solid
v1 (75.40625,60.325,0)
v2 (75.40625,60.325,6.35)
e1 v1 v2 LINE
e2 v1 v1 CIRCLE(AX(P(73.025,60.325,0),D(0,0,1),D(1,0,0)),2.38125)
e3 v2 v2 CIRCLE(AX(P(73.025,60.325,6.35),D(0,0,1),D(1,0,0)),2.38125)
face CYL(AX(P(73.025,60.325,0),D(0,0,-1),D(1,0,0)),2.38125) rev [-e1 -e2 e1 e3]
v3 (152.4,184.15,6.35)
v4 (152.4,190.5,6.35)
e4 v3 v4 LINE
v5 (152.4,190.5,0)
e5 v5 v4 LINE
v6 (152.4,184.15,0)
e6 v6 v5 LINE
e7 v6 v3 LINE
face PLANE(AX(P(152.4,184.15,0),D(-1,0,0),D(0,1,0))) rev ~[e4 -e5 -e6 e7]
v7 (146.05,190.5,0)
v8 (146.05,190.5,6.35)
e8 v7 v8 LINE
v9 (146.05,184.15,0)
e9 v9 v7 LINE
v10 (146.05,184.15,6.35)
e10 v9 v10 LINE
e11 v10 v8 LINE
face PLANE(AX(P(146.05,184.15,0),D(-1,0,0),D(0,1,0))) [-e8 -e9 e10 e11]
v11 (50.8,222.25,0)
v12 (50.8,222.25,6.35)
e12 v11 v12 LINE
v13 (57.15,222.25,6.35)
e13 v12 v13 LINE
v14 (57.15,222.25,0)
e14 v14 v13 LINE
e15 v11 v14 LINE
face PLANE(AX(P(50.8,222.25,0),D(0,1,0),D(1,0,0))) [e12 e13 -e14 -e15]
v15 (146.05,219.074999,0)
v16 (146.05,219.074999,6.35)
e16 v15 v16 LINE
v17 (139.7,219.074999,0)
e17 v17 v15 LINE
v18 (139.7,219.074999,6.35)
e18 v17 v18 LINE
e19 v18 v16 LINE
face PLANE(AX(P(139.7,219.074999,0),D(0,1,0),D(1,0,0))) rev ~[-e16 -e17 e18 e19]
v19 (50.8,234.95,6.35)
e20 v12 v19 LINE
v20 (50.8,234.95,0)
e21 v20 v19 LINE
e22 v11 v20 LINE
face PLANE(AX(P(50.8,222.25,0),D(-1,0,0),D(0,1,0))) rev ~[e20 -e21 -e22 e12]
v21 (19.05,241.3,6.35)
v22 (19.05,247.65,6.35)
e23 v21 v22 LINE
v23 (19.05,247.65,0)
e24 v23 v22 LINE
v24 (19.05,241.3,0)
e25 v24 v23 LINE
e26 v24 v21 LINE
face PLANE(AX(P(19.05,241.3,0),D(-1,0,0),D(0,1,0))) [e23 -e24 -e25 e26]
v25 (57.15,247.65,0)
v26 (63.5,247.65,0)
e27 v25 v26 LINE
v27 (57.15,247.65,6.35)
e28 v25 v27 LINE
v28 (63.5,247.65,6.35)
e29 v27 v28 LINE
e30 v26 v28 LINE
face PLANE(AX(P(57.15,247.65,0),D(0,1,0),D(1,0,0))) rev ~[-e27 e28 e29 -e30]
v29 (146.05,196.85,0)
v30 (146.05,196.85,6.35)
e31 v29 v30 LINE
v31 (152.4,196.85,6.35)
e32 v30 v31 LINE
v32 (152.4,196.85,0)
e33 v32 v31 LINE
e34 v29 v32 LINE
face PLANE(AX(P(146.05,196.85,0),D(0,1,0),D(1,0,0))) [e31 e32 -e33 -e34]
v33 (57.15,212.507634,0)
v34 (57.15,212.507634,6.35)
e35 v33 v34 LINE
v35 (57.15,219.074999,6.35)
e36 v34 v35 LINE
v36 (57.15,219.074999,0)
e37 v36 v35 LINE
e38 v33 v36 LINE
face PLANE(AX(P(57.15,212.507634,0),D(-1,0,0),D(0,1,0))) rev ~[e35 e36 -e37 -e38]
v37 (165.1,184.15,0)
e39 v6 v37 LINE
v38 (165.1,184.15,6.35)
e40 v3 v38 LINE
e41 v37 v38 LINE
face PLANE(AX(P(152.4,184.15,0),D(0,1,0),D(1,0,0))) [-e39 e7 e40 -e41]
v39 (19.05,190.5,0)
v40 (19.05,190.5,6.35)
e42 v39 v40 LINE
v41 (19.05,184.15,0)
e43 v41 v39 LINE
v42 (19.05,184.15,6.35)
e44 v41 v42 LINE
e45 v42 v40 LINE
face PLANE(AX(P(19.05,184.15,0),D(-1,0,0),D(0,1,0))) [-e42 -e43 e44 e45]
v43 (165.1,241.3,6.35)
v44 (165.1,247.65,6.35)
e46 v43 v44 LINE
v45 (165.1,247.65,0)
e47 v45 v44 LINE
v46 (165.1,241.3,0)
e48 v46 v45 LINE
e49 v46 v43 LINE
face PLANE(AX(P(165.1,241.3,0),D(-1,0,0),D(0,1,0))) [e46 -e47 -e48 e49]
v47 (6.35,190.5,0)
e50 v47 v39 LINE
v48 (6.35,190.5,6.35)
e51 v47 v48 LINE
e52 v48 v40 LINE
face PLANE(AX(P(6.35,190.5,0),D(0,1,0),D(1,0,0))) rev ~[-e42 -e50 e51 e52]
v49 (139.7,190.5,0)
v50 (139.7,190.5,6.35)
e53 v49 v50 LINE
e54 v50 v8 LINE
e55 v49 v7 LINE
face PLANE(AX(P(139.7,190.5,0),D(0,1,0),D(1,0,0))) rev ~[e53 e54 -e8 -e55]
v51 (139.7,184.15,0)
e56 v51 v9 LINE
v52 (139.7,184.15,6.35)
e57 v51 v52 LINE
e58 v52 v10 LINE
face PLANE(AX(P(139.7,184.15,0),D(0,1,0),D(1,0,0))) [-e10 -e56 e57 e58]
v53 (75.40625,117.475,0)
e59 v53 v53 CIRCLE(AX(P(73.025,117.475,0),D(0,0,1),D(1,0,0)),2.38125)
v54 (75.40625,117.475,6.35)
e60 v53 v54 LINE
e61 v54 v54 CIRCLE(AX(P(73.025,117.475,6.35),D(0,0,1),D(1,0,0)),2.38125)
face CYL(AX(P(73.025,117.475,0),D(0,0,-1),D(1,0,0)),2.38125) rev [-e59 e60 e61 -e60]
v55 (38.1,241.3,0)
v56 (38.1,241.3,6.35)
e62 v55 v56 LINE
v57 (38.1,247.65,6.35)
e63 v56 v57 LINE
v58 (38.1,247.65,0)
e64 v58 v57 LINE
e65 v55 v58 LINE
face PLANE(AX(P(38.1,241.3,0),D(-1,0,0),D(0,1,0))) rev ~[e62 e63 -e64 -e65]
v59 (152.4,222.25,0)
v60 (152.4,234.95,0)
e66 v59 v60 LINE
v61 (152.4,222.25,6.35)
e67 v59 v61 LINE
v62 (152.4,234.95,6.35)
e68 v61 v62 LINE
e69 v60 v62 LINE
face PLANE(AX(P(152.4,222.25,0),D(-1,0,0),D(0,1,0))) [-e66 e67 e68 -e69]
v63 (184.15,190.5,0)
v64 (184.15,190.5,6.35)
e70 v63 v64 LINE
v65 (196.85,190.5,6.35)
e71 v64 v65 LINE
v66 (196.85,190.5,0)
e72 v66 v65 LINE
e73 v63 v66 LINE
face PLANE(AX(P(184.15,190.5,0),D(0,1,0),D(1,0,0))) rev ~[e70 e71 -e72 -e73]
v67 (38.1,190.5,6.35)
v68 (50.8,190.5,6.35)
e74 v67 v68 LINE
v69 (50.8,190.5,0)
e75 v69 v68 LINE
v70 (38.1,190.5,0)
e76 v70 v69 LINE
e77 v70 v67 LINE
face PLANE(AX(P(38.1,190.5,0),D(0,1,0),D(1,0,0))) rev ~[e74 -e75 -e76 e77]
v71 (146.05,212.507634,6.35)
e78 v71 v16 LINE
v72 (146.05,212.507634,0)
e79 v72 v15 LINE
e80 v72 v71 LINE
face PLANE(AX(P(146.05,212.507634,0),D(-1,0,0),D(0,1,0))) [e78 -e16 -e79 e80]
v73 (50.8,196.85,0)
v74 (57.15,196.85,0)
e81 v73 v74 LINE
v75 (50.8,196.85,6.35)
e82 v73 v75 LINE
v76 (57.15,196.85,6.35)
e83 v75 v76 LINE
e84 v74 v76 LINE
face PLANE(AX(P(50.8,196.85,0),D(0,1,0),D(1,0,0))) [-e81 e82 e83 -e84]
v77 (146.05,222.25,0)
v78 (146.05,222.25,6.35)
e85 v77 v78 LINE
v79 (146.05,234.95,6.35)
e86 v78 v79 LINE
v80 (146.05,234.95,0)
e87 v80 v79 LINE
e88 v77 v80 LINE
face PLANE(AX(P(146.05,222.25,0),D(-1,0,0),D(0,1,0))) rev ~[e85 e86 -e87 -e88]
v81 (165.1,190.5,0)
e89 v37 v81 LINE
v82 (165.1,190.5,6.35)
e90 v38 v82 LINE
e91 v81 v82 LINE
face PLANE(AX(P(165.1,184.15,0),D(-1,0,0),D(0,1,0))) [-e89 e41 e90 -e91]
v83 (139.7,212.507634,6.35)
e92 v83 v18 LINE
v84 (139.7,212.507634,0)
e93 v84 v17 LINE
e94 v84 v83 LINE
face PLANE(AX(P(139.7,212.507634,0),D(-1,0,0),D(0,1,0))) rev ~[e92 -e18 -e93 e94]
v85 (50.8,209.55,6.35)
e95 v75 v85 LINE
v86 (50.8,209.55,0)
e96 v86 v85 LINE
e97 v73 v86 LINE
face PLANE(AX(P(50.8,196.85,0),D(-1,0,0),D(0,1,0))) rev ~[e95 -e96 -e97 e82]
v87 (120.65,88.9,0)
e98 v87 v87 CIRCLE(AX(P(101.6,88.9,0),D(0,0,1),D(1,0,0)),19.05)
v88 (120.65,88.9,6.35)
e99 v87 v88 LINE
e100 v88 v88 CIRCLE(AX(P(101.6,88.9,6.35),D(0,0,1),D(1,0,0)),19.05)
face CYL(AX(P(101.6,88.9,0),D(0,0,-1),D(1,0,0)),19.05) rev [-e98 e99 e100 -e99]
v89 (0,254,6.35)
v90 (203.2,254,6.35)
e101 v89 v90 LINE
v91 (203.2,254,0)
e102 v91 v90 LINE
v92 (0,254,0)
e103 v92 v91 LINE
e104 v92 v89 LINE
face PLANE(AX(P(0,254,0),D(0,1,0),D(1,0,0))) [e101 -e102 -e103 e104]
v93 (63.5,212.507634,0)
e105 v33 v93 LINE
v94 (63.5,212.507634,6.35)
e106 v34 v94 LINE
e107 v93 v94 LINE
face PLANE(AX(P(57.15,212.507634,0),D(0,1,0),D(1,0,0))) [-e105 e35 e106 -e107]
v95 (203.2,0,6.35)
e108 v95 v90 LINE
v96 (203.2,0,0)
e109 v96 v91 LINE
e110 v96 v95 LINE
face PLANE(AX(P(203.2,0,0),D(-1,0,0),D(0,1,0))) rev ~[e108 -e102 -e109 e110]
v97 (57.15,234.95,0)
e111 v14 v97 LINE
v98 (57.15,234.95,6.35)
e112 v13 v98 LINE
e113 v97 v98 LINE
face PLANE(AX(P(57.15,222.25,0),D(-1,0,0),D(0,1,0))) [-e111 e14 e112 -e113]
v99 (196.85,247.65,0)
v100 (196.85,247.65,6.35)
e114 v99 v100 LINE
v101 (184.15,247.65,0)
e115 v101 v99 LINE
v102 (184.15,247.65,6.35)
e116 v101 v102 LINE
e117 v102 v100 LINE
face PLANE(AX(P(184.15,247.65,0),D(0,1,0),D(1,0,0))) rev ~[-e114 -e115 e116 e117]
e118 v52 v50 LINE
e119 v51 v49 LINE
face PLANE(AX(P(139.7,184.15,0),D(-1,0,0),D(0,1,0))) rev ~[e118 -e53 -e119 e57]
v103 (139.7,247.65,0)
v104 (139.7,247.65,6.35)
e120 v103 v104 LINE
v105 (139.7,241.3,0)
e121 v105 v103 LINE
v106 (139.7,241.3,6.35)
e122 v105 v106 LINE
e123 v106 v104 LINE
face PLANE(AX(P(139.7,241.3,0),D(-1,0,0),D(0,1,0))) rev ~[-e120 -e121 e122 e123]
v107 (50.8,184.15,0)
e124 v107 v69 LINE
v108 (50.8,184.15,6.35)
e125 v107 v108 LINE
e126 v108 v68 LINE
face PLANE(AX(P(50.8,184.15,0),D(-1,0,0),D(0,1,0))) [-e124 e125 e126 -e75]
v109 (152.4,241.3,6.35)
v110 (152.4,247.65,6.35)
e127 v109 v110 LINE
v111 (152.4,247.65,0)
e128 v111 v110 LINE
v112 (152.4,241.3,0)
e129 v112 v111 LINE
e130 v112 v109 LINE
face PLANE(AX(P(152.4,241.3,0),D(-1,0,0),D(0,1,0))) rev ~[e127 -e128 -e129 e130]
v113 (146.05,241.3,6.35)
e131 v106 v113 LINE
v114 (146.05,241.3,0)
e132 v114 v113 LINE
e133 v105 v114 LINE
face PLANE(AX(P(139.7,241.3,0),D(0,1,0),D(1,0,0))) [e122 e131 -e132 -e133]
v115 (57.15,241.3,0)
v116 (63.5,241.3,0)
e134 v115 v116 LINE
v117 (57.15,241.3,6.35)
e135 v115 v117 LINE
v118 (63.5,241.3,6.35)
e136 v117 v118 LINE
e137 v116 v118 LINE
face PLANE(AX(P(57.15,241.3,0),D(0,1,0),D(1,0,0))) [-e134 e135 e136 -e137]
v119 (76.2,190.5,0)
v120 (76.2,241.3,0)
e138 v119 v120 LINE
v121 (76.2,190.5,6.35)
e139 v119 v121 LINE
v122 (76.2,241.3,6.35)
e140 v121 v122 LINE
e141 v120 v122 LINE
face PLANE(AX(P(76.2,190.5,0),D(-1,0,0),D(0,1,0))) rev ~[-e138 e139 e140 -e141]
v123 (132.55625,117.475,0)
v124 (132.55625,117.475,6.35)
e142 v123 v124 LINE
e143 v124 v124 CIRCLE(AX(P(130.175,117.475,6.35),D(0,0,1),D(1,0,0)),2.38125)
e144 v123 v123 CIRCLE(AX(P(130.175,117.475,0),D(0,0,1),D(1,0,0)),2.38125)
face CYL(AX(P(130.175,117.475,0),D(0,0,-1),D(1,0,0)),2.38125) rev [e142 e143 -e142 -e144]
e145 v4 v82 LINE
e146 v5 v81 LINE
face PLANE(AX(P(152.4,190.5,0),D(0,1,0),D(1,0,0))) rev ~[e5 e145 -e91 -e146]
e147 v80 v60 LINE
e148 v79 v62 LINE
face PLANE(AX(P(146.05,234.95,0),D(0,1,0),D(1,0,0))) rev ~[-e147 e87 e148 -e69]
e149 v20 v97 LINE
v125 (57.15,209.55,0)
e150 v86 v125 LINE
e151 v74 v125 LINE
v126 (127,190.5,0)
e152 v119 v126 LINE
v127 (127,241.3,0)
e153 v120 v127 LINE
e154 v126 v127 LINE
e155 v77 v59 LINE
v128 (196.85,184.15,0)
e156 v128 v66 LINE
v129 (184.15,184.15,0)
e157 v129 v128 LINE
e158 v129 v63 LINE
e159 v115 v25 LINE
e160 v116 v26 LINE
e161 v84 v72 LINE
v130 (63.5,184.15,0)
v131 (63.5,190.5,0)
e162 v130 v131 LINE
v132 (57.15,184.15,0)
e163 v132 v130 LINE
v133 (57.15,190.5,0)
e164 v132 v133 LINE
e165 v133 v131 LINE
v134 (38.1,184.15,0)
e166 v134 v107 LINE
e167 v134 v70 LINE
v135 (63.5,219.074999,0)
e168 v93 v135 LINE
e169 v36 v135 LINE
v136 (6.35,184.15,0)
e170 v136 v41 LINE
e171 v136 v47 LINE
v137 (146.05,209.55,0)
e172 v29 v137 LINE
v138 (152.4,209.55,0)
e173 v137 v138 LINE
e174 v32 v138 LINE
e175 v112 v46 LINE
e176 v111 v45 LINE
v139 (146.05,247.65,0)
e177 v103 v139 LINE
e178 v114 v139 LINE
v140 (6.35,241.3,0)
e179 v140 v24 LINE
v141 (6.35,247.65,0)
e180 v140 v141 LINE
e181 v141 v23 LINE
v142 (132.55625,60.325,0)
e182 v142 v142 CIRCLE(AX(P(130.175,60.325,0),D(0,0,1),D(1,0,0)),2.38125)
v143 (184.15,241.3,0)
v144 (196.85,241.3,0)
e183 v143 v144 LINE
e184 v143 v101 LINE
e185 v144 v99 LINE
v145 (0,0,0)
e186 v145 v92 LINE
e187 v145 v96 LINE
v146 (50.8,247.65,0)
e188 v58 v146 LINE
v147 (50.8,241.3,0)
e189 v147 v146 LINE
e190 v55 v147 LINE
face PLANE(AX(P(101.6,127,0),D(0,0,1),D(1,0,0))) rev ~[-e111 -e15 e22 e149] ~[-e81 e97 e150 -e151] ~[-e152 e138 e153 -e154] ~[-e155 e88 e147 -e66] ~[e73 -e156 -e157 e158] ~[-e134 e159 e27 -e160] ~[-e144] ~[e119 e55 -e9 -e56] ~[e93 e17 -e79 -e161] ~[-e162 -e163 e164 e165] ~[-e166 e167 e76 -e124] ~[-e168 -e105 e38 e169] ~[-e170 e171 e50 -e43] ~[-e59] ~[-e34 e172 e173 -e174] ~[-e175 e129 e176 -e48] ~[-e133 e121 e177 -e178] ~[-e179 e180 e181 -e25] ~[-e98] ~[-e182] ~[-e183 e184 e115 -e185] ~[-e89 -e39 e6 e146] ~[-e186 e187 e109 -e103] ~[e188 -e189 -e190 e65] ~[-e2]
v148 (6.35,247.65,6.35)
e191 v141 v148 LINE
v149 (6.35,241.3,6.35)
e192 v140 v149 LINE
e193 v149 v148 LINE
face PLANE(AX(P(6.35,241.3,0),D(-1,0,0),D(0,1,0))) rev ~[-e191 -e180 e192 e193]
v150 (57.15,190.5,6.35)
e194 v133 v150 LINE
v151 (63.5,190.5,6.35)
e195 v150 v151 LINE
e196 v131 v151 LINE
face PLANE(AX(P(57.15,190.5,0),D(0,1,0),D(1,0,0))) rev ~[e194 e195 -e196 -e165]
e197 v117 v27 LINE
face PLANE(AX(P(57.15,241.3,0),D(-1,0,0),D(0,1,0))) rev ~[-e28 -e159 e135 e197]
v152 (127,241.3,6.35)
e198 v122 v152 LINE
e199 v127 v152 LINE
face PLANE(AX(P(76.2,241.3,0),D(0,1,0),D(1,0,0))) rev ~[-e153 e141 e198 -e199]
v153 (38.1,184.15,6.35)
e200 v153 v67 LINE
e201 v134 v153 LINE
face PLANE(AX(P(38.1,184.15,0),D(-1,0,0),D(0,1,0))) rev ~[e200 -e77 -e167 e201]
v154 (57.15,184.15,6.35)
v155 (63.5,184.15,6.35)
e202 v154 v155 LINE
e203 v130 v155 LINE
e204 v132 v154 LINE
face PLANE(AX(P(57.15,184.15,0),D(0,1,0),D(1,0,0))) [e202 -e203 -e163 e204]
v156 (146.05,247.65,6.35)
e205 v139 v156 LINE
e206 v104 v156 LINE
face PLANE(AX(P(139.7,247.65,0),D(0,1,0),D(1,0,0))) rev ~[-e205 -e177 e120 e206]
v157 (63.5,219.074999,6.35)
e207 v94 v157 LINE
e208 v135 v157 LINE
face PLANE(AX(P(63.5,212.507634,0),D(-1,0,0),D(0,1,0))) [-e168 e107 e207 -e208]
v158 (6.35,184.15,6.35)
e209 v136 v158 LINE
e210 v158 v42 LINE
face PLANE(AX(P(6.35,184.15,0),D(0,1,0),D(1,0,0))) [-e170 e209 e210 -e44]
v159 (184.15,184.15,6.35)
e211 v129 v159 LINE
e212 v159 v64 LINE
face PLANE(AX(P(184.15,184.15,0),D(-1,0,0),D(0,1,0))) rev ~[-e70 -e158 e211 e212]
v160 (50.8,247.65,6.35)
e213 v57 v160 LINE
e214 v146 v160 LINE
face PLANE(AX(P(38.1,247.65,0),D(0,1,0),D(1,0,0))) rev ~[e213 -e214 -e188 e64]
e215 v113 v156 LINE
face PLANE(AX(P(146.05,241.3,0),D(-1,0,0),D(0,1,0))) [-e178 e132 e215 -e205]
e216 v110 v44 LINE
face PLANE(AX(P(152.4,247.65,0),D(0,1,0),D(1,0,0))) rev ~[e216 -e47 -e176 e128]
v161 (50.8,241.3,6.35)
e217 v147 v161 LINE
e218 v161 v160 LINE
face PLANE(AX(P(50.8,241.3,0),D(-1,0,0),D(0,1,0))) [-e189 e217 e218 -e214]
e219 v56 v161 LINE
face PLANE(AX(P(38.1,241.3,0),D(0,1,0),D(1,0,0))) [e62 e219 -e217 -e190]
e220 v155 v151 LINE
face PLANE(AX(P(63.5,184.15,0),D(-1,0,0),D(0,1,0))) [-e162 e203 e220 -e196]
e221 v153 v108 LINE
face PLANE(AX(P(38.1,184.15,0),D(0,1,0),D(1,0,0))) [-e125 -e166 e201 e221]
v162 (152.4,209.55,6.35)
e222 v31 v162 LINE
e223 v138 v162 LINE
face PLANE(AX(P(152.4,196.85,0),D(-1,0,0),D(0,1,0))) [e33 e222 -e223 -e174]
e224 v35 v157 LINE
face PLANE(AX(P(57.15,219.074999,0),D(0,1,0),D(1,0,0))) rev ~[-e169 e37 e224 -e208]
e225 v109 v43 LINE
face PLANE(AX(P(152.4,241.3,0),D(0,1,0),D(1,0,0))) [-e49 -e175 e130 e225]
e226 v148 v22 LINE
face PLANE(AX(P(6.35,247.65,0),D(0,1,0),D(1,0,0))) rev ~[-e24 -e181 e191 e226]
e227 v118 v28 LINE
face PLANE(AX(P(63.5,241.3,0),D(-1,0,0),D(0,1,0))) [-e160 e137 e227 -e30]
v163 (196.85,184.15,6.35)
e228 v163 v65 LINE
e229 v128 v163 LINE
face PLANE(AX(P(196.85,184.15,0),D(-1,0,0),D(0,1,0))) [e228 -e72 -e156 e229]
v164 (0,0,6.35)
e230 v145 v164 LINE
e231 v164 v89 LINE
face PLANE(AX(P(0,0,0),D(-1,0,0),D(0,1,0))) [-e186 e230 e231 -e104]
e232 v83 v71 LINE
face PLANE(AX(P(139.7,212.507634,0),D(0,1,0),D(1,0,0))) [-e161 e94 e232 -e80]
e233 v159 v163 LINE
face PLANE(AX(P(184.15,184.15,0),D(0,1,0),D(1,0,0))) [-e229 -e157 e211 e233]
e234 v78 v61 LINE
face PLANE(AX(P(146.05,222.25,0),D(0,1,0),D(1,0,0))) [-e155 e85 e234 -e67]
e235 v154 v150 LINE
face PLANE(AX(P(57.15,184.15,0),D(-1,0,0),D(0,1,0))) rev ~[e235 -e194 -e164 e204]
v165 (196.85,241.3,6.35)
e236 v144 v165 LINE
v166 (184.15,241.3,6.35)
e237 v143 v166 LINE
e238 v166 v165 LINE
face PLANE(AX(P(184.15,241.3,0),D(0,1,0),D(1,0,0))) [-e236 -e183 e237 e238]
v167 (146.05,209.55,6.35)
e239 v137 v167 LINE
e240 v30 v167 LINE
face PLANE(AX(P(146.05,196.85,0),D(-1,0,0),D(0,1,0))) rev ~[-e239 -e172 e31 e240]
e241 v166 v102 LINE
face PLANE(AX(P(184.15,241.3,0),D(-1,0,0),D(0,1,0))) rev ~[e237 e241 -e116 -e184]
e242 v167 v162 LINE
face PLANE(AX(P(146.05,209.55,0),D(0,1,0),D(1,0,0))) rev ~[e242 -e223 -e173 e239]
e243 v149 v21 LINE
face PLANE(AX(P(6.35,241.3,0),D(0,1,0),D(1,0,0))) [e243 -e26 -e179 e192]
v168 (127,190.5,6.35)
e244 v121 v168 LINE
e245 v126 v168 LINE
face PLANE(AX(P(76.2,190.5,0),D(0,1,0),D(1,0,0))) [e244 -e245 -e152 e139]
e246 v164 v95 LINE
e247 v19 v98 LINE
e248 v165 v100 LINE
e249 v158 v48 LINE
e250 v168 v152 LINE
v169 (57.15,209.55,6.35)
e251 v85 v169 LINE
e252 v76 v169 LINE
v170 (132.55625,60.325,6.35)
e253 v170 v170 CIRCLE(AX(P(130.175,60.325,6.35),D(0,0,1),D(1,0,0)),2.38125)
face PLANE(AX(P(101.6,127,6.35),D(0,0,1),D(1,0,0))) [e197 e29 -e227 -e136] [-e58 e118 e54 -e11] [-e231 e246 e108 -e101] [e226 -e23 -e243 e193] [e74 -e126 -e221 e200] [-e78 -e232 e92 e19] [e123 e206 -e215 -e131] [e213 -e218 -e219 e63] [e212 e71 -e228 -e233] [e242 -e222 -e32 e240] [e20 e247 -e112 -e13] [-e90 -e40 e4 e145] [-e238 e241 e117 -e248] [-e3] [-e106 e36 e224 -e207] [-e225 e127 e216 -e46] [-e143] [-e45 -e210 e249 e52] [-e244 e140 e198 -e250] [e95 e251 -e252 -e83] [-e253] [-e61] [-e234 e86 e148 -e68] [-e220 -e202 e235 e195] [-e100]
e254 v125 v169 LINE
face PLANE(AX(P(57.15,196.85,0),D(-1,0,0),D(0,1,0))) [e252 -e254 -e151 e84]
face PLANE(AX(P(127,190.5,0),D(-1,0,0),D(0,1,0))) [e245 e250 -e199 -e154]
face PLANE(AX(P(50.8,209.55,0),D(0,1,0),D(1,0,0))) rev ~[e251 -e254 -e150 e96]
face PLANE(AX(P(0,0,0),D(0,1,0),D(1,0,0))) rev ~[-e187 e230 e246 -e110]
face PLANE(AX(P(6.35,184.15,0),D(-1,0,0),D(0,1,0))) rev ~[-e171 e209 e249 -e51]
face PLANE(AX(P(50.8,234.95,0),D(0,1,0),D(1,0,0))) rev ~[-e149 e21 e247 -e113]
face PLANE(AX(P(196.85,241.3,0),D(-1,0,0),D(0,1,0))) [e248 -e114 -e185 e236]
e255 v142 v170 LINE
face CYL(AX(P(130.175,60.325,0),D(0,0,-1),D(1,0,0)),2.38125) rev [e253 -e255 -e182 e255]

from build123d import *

# Parameters (mm, degrees)
F0_W     = 203.2
F0_H     = 254
F0_R     = 2.38125
F0_R_2   = 19.05
F0_W_2   = 12.7
F0_H_2   = 6.35
F0_W_3   = 6.35
F0_H_3   = 12.7
F0_H_4   = 6.567365
F0_W_4   = 50.8
F0_H_5   = 50.8
F1_DEPTH = 6.35


with BuildPart() as f1:
    # F0 (on Top) → F1 (new body)
    with BuildSketch(Plane.XY):
        with Locations((101.6, 127)):
            Rectangle(F0_W, F0_H)
        with Locations((73.025, 60.325)):
            Circle(F0_R, mode=Mode.SUBTRACT)
        with Locations((101.6, 88.9)):
            Circle(F0_R_2, mode=Mode.SUBTRACT)
        with Locations((73.025, 117.475)):
            Circle(F0_R, mode=Mode.SUBTRACT)
        with Locations((130.175, 60.325)):
            Circle(F0_R, mode=Mode.SUBTRACT)
        with Locations((130.175, 117.475)):
            Circle(F0_R, mode=Mode.SUBTRACT)
        with Locations((12.7, 187.325)):
            Rectangle(F0_W_2, F0_H_2, mode=Mode.SUBTRACT)
        with Locations((44.45, 187.325)):
            Rectangle(F0_W_2, F0_H_2, mode=Mode.SUBTRACT)
        with Locations((60.325, 187.325)):
            Rectangle(F0_W_3, F0_H_2, mode=Mode.SUBTRACT)
        with Locations((12.7, 244.475)):
            Rectangle(F0_W_2, F0_H_2, mode=Mode.SUBTRACT)
        with Locations((44.45, 244.475)):
            Rectangle(F0_W_2, F0_H_2, mode=Mode.SUBTRACT)
        with Locations((53.975, 203.2)):
            Rectangle(F0_W_3, F0_H_3, mode=Mode.SUBTRACT)
        with Locations((60.325, 215.791317)):
            Rectangle(F0_W_3, F0_H_4, mode=Mode.SUBTRACT)
        with Locations((101.6, 215.9)):
            Rectangle(F0_W_4, F0_H_5, mode=Mode.SUBTRACT)
        with Locations((53.975, 228.6)):
            Rectangle(F0_W_3, F0_H_3, mode=Mode.SUBTRACT)
        with Locations((60.325, 244.475)):
            Rectangle(F0_W_3, F0_H_2, mode=Mode.SUBTRACT)
        with Locations((142.875, 187.325)):
            Rectangle(F0_W_3, F0_H_2, mode=Mode.SUBTRACT)
        with Locations((158.75, 187.325)):
            Rectangle(F0_W_2, F0_H_2, mode=Mode.SUBTRACT)
        with Locations((190.5, 187.325)):
            Rectangle(F0_W_2, F0_H_2, mode=Mode.SUBTRACT)
        with Locations((149.225, 203.2)):
            Rectangle(F0_W_3, F0_H_3, mode=Mode.SUBTRACT)
        with Locations((142.875, 215.791317)):
            Rectangle(F0_W_3, F0_H_4, mode=Mode.SUBTRACT)
        with Locations((149.225, 228.6)):
            Rectangle(F0_W_3, F0_H_3, mode=Mode.SUBTRACT)
        with Locations((142.875, 244.475)):
            Rectangle(F0_W_3, F0_H_2, mode=Mode.SUBTRACT)
        with Locations((158.75, 244.475)):
            Rectangle(F0_W_2, F0_H_2, mode=Mode.SUBTRACT)
        with Locations((190.5, 244.475)):
            Rectangle(F0_W_2, F0_H_2, mode=Mode.SUBTRACT)
    extrude(amount=F1_DEPTH)


solid = f1.part
